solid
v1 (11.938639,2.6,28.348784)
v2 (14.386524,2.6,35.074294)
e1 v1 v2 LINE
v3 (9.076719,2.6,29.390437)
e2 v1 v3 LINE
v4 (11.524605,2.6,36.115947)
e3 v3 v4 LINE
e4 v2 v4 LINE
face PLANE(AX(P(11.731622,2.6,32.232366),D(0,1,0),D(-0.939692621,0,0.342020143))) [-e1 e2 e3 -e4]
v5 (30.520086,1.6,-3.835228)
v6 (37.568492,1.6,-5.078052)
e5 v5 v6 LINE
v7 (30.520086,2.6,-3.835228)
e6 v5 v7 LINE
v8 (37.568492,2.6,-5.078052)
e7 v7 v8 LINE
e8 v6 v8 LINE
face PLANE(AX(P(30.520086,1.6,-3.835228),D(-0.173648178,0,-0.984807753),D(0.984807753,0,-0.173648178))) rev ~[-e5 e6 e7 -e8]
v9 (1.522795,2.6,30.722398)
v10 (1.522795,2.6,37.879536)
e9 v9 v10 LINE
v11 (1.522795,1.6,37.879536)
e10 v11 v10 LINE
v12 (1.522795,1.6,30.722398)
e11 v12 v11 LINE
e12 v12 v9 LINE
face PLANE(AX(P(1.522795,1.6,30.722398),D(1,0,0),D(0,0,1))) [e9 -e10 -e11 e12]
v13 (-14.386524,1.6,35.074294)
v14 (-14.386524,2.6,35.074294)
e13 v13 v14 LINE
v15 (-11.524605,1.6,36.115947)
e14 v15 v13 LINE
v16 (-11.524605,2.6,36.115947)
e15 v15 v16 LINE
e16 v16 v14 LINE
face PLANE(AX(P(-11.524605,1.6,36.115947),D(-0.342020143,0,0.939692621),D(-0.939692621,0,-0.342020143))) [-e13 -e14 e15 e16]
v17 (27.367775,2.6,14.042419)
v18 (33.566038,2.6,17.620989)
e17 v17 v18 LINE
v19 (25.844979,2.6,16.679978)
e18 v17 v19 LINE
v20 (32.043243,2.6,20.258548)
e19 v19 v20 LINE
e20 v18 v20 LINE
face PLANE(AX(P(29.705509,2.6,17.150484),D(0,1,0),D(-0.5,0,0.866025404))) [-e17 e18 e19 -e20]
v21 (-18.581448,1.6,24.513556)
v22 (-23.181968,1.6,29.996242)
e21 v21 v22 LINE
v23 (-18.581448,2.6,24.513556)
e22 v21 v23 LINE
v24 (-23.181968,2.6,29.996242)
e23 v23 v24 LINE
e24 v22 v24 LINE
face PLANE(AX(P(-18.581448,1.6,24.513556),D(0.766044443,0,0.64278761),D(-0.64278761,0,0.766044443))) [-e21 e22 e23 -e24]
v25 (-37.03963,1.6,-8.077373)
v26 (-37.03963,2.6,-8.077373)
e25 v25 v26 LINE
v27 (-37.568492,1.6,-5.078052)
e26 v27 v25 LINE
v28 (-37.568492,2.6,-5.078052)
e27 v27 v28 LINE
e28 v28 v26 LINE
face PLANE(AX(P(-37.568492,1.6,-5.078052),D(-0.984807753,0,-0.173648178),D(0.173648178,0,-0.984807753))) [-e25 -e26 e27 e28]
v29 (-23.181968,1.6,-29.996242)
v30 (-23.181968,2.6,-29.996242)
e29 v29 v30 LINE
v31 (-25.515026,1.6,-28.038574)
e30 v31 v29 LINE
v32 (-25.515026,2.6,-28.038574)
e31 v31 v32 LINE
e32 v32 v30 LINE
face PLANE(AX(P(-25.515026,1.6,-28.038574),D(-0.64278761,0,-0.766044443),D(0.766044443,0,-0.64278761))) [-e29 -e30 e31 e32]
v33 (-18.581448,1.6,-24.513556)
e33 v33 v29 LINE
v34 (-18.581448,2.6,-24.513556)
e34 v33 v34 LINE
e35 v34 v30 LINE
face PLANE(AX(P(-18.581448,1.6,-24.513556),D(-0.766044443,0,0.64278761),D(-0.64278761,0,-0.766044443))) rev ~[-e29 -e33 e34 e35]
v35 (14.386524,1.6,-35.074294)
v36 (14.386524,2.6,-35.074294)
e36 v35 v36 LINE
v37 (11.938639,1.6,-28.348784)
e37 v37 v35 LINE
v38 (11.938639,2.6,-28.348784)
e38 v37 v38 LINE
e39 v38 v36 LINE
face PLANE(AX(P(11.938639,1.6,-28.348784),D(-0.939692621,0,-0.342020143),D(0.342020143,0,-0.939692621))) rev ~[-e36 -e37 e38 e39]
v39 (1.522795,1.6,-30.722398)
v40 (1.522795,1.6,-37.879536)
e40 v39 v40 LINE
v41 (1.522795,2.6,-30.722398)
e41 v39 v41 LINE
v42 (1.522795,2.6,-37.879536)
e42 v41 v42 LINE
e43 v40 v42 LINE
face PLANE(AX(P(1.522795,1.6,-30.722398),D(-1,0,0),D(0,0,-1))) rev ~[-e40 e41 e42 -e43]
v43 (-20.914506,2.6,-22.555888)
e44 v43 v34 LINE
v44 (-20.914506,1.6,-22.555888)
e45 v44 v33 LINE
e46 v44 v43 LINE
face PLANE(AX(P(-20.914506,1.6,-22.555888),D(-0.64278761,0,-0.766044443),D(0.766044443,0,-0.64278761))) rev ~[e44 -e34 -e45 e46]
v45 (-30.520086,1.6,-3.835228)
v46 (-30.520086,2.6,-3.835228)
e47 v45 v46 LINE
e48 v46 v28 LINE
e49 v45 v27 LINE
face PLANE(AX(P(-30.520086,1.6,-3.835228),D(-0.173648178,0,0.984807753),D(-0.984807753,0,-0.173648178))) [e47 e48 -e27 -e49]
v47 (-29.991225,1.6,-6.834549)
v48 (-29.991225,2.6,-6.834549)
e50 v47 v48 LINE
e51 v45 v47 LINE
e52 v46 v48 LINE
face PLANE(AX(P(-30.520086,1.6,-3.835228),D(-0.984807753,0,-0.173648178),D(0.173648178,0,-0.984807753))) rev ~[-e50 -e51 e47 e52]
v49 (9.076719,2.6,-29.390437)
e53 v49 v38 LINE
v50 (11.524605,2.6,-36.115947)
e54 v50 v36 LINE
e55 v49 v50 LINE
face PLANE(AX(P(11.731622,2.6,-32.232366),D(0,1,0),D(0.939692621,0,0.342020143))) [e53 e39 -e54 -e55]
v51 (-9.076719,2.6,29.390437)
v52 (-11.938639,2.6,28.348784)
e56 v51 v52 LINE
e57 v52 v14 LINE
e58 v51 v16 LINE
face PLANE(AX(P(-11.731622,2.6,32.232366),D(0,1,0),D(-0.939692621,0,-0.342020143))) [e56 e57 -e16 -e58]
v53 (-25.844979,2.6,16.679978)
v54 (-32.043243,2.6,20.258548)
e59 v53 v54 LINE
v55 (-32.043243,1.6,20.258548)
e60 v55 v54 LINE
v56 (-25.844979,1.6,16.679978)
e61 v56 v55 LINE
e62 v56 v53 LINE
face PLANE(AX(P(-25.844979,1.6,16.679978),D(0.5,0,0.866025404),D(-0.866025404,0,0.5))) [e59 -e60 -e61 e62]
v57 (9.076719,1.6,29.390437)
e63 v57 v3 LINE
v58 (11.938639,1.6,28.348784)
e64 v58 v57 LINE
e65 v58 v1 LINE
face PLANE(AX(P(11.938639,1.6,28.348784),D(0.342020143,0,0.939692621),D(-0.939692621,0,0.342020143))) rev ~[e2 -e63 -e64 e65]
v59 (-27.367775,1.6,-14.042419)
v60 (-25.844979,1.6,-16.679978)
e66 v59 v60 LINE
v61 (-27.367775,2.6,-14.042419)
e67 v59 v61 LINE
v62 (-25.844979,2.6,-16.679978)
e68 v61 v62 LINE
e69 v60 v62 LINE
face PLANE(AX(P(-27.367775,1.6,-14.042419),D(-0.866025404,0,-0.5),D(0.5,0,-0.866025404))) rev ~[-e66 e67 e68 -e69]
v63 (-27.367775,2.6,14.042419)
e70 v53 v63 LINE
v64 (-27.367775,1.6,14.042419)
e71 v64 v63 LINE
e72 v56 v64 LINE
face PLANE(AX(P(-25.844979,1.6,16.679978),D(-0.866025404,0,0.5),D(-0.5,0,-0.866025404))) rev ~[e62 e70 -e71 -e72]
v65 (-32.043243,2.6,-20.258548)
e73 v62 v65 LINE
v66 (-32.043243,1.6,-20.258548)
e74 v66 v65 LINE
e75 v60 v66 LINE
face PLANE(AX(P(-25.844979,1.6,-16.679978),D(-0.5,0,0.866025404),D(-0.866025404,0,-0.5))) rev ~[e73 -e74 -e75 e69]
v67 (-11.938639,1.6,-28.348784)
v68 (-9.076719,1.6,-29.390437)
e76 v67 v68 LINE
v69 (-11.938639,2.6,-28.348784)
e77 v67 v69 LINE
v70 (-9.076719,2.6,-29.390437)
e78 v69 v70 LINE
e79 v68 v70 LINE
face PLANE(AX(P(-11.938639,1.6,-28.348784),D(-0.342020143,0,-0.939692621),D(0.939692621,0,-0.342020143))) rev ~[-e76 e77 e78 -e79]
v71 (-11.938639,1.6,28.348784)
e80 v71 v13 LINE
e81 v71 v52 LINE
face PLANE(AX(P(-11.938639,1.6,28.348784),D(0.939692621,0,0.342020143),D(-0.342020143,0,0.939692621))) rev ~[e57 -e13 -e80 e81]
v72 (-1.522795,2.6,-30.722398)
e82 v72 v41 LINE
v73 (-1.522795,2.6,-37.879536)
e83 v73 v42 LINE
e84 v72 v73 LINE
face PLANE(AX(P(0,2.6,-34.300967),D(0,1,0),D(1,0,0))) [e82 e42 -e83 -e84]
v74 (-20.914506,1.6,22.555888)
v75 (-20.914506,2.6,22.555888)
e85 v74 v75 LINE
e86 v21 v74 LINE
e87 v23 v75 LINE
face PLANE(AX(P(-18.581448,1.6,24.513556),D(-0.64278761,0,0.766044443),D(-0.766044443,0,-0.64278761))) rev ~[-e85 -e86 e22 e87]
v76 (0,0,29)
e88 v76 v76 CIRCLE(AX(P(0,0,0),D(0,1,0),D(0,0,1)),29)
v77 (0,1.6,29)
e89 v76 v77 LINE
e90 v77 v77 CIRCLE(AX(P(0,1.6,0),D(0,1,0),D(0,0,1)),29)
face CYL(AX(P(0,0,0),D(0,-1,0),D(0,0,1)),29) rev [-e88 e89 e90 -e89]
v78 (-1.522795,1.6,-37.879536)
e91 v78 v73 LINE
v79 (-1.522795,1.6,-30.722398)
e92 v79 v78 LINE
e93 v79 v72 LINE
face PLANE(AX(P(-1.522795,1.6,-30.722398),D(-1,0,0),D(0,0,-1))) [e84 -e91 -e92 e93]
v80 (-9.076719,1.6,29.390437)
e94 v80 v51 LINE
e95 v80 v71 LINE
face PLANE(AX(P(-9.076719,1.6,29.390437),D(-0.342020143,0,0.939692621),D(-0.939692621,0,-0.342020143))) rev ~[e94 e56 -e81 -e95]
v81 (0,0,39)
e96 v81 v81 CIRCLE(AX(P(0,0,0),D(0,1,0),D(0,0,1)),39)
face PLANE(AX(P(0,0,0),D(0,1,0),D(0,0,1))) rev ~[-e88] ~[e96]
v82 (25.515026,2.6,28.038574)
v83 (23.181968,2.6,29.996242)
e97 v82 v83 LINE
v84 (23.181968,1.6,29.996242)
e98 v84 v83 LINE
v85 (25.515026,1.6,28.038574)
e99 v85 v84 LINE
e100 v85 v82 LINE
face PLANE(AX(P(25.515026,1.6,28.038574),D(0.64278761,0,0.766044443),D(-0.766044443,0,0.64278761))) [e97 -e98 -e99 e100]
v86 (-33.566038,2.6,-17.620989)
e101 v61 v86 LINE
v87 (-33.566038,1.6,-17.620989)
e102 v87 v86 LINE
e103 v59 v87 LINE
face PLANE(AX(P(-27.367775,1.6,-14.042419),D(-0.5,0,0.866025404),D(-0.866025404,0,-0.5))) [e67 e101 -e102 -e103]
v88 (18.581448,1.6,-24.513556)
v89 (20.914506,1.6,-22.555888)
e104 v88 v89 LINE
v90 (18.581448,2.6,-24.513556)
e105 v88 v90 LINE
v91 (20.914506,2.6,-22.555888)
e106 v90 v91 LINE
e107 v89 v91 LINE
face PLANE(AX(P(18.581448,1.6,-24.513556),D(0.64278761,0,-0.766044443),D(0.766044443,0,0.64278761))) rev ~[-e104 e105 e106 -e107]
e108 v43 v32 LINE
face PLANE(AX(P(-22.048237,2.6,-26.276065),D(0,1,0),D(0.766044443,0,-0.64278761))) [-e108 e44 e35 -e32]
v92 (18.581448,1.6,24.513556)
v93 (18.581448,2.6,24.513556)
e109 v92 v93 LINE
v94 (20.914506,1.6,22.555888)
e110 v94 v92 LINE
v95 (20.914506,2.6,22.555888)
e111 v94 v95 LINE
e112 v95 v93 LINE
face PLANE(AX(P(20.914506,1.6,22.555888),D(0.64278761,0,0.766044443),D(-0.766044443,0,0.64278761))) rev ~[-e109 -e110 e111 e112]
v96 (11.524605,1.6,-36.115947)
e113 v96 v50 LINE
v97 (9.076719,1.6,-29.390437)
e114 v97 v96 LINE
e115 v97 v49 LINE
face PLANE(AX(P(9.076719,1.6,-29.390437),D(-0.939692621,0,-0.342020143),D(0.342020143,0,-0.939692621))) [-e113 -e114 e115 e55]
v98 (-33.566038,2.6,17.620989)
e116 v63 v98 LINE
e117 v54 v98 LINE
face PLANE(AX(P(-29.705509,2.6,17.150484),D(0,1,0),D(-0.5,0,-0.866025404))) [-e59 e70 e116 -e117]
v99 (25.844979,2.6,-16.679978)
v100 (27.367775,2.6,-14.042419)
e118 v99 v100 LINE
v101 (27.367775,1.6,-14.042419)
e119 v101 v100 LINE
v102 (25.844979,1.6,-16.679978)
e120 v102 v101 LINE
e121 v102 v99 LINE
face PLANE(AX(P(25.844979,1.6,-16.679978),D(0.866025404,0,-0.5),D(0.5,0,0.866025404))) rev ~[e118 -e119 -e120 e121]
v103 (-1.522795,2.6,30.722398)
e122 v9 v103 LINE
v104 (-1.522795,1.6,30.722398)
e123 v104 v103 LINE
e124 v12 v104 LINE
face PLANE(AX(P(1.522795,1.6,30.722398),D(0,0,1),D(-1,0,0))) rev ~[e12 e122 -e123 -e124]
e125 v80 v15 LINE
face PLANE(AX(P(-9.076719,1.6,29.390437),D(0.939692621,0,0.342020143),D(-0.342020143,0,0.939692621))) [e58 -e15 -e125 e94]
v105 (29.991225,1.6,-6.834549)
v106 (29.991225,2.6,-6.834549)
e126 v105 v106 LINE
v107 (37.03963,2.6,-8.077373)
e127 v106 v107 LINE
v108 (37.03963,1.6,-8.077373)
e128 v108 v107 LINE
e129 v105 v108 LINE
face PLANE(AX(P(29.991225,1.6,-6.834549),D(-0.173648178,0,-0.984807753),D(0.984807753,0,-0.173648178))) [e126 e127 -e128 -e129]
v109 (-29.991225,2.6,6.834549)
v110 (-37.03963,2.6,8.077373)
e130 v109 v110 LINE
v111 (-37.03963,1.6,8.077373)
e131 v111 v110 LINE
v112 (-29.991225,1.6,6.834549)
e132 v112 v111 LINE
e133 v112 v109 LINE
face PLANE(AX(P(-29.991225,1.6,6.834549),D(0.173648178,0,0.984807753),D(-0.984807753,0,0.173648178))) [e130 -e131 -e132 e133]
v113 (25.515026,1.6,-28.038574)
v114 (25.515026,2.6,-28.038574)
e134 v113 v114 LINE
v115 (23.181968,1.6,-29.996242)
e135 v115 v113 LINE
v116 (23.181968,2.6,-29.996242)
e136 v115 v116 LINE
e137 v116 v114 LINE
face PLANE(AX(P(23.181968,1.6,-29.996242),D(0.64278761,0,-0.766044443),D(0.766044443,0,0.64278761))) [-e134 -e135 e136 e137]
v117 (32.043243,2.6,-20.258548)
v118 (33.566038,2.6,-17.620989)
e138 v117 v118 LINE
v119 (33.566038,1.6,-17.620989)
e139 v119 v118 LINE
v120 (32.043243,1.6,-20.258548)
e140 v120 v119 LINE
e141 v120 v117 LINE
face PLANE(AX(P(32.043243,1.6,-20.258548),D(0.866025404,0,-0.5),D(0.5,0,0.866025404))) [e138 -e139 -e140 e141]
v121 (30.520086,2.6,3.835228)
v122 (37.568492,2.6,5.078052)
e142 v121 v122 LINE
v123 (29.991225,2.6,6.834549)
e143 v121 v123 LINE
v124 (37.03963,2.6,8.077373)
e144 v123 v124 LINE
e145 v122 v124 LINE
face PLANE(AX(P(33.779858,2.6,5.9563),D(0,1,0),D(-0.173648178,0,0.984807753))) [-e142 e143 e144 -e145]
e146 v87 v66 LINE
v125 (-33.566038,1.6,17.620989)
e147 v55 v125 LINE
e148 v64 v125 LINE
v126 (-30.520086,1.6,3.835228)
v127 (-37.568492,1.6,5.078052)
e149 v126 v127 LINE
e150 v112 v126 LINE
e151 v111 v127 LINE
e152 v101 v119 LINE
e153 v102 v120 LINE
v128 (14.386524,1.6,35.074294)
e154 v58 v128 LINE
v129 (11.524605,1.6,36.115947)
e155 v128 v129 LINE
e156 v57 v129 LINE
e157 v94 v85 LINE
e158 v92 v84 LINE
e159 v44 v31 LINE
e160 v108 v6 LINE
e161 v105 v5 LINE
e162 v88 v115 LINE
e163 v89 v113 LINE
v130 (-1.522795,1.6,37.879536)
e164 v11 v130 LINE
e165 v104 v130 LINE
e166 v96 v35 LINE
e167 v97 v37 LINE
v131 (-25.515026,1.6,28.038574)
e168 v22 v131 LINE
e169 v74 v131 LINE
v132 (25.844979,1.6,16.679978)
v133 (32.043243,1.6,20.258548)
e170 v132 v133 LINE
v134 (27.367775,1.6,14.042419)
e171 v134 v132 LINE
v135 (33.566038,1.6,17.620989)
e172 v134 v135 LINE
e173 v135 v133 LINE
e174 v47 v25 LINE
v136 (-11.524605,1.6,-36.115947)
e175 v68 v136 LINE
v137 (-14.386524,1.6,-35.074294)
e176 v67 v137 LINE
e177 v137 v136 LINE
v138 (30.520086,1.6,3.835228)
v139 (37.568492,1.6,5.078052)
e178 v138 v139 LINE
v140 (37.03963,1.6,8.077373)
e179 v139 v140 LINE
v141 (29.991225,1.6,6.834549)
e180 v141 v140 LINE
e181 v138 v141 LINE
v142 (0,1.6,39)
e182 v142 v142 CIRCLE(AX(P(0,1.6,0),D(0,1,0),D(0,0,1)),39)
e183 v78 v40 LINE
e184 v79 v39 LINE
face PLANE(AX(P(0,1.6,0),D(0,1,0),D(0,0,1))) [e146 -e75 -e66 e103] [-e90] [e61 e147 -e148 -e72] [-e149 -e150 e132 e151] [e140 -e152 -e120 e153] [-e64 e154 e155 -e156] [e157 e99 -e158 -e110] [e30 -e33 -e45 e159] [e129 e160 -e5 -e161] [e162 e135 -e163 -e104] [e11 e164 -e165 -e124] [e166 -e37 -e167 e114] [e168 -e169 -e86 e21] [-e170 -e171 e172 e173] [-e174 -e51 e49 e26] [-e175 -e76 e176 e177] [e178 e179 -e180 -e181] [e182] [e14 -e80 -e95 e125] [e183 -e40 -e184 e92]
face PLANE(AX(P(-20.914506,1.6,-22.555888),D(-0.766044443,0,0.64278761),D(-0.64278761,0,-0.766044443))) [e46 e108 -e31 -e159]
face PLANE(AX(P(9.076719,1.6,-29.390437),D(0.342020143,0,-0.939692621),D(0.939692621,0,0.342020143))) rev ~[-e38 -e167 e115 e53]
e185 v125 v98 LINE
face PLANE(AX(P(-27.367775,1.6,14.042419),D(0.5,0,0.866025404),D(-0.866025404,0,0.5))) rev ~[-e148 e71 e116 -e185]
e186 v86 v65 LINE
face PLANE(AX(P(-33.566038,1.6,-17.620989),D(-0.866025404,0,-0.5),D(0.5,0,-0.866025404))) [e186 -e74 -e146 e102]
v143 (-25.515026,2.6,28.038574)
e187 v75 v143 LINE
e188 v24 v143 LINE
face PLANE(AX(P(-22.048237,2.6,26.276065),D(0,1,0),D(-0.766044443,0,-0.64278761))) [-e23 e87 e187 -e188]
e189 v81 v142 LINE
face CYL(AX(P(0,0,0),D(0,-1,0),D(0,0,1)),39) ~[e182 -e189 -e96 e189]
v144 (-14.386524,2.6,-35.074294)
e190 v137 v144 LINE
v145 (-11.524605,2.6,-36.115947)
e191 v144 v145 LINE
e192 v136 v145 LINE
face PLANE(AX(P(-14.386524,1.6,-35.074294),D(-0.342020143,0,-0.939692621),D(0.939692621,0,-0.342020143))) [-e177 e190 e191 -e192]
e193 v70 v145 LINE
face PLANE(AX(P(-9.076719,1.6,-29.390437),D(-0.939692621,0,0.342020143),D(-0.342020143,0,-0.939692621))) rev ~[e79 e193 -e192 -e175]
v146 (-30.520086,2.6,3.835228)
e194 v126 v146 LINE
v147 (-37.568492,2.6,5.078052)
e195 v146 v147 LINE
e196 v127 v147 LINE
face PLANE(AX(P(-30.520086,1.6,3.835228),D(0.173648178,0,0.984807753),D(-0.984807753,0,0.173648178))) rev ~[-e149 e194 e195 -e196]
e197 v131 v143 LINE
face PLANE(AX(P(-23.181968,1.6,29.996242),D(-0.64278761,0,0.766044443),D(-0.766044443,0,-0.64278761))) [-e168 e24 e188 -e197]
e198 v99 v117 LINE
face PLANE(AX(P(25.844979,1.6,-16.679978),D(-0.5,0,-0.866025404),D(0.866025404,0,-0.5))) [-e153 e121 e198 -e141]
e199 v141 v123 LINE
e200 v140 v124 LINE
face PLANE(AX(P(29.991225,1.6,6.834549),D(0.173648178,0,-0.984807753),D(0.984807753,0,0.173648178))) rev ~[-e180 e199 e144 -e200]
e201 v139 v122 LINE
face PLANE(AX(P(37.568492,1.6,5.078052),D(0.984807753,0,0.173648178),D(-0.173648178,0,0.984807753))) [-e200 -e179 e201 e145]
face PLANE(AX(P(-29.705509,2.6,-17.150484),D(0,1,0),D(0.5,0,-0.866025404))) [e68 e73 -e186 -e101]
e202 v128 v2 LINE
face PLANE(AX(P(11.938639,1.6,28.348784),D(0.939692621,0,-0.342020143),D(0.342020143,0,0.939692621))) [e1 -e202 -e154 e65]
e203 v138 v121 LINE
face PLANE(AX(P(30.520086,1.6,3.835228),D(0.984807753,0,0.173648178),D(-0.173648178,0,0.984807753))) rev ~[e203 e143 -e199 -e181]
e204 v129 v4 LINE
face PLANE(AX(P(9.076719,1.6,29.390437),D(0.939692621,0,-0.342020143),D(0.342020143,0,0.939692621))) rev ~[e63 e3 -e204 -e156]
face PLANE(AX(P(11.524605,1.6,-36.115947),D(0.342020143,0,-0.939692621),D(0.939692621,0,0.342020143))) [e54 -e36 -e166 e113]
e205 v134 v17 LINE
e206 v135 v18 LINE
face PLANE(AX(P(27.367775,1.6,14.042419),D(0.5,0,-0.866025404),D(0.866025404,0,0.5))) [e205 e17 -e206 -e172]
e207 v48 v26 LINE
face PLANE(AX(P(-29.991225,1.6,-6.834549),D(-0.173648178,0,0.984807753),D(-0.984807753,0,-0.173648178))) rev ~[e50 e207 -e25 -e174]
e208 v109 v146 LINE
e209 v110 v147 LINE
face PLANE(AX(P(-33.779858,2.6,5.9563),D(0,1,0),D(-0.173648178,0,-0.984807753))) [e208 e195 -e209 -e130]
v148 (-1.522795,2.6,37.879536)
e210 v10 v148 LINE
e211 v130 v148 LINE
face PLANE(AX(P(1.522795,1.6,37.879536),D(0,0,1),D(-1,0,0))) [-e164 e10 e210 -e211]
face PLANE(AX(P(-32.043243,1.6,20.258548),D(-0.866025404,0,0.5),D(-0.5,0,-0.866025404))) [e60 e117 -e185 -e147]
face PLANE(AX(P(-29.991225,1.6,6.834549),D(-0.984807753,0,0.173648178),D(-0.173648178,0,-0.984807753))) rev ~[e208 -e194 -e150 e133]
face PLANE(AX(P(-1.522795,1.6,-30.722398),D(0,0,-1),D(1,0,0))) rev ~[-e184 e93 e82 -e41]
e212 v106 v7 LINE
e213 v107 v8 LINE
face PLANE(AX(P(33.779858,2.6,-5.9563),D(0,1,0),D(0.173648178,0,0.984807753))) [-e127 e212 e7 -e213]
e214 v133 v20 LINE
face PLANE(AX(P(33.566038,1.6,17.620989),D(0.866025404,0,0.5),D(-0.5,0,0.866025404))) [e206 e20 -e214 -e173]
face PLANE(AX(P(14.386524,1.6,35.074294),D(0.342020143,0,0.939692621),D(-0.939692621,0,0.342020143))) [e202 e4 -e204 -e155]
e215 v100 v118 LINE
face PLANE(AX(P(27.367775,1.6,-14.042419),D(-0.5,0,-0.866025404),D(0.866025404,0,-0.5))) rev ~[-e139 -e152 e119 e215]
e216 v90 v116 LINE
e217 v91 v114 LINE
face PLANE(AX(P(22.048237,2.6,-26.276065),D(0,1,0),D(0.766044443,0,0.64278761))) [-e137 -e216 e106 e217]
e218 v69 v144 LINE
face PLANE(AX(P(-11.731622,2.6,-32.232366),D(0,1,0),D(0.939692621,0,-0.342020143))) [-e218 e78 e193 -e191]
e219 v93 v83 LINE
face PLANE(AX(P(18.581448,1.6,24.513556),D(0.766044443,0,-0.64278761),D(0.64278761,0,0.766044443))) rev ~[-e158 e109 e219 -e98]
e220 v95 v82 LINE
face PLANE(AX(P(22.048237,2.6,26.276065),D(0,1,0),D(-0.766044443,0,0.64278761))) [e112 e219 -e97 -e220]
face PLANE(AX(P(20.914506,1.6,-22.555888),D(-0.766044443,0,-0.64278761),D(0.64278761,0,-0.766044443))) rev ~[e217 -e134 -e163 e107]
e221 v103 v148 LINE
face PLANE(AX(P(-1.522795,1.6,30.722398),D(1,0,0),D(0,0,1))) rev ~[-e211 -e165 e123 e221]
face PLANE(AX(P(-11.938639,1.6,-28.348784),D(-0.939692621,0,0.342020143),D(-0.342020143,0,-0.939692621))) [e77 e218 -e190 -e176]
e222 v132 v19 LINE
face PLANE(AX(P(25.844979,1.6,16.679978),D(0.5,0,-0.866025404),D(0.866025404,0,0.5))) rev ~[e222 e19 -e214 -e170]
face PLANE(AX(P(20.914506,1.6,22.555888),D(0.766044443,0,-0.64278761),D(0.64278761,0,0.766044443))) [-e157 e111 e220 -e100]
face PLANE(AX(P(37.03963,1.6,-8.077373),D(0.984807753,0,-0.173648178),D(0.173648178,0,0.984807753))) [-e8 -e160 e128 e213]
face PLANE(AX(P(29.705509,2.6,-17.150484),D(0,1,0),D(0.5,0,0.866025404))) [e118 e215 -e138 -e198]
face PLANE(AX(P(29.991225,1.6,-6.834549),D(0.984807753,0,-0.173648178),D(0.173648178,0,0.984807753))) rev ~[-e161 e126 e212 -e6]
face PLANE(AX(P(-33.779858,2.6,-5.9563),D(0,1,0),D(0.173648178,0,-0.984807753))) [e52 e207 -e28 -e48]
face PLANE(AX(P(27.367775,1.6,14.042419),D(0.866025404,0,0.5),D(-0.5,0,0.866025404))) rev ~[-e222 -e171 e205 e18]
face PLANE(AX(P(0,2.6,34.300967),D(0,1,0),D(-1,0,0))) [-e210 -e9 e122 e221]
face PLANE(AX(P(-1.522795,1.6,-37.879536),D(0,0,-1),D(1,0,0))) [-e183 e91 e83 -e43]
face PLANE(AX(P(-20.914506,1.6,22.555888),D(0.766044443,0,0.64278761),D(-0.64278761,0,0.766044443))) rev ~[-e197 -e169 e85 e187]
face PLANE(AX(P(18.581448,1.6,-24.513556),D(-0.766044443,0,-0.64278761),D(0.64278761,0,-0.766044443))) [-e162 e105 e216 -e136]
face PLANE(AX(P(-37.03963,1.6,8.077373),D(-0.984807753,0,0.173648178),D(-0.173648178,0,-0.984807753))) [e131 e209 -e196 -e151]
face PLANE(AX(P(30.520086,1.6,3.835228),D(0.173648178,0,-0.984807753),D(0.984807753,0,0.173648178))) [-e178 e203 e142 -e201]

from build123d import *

# Parameters (mm, degrees)
SKETCH_1_R               = 39
SKETCH_1_R_2             = 29
EXTRUDE_1_DEPTH          = 1.6
SKETCH_2_W               = 3.045590862
SKETCH_2_H               = 7.157138524
EXTRUDE_2_DEPTH          = 1
PATTERN_CIRCULAR_1_COUNT = 18


with BuildPart() as part:
    # 草图1 → 凸台-拉伸1 (new body)
    with BuildSketch(Plane(origin=(0, 0, 0), x_dir=(1, 0, 0), z_dir=(0, 1, 0))):
        with Locations(Location((0, 0, 0), (0, 0, 270))):
            Circle(SKETCH_1_R)
        with Locations(Location((0, 0, 0), (0, 0, 270))):
            Circle(SKETCH_1_R_2, mode=Mode.SUBTRACT)
    extrude(amount=EXTRUDE_1_DEPTH)

    # 草图2 → 凸台-拉伸2 (add)
    with BuildSketch(Plane(origin=(0, 1.6, 0), x_dir=(1, 0, 0), z_dir=(0, 1, 0))):
        with Locations((0, 34.300967075)):
            Rectangle(SKETCH_2_W, SKETCH_2_H)
    extrude_2 = extrude(amount=EXTRUDE_2_DEPTH)

    # 阵列(圆周)1: 凸台-拉伸2 ×18 about axis
    pattern_circular_1_axis = Axis((0, 0, 0), (0, 1, 0))
    for i in range(1, PATTERN_CIRCULAR_1_COUNT):
        add(extrude_2.rotate(pattern_circular_1_axis, i * 360 / PATTERN_CIRCULAR_1_COUNT))


solid = part.part
